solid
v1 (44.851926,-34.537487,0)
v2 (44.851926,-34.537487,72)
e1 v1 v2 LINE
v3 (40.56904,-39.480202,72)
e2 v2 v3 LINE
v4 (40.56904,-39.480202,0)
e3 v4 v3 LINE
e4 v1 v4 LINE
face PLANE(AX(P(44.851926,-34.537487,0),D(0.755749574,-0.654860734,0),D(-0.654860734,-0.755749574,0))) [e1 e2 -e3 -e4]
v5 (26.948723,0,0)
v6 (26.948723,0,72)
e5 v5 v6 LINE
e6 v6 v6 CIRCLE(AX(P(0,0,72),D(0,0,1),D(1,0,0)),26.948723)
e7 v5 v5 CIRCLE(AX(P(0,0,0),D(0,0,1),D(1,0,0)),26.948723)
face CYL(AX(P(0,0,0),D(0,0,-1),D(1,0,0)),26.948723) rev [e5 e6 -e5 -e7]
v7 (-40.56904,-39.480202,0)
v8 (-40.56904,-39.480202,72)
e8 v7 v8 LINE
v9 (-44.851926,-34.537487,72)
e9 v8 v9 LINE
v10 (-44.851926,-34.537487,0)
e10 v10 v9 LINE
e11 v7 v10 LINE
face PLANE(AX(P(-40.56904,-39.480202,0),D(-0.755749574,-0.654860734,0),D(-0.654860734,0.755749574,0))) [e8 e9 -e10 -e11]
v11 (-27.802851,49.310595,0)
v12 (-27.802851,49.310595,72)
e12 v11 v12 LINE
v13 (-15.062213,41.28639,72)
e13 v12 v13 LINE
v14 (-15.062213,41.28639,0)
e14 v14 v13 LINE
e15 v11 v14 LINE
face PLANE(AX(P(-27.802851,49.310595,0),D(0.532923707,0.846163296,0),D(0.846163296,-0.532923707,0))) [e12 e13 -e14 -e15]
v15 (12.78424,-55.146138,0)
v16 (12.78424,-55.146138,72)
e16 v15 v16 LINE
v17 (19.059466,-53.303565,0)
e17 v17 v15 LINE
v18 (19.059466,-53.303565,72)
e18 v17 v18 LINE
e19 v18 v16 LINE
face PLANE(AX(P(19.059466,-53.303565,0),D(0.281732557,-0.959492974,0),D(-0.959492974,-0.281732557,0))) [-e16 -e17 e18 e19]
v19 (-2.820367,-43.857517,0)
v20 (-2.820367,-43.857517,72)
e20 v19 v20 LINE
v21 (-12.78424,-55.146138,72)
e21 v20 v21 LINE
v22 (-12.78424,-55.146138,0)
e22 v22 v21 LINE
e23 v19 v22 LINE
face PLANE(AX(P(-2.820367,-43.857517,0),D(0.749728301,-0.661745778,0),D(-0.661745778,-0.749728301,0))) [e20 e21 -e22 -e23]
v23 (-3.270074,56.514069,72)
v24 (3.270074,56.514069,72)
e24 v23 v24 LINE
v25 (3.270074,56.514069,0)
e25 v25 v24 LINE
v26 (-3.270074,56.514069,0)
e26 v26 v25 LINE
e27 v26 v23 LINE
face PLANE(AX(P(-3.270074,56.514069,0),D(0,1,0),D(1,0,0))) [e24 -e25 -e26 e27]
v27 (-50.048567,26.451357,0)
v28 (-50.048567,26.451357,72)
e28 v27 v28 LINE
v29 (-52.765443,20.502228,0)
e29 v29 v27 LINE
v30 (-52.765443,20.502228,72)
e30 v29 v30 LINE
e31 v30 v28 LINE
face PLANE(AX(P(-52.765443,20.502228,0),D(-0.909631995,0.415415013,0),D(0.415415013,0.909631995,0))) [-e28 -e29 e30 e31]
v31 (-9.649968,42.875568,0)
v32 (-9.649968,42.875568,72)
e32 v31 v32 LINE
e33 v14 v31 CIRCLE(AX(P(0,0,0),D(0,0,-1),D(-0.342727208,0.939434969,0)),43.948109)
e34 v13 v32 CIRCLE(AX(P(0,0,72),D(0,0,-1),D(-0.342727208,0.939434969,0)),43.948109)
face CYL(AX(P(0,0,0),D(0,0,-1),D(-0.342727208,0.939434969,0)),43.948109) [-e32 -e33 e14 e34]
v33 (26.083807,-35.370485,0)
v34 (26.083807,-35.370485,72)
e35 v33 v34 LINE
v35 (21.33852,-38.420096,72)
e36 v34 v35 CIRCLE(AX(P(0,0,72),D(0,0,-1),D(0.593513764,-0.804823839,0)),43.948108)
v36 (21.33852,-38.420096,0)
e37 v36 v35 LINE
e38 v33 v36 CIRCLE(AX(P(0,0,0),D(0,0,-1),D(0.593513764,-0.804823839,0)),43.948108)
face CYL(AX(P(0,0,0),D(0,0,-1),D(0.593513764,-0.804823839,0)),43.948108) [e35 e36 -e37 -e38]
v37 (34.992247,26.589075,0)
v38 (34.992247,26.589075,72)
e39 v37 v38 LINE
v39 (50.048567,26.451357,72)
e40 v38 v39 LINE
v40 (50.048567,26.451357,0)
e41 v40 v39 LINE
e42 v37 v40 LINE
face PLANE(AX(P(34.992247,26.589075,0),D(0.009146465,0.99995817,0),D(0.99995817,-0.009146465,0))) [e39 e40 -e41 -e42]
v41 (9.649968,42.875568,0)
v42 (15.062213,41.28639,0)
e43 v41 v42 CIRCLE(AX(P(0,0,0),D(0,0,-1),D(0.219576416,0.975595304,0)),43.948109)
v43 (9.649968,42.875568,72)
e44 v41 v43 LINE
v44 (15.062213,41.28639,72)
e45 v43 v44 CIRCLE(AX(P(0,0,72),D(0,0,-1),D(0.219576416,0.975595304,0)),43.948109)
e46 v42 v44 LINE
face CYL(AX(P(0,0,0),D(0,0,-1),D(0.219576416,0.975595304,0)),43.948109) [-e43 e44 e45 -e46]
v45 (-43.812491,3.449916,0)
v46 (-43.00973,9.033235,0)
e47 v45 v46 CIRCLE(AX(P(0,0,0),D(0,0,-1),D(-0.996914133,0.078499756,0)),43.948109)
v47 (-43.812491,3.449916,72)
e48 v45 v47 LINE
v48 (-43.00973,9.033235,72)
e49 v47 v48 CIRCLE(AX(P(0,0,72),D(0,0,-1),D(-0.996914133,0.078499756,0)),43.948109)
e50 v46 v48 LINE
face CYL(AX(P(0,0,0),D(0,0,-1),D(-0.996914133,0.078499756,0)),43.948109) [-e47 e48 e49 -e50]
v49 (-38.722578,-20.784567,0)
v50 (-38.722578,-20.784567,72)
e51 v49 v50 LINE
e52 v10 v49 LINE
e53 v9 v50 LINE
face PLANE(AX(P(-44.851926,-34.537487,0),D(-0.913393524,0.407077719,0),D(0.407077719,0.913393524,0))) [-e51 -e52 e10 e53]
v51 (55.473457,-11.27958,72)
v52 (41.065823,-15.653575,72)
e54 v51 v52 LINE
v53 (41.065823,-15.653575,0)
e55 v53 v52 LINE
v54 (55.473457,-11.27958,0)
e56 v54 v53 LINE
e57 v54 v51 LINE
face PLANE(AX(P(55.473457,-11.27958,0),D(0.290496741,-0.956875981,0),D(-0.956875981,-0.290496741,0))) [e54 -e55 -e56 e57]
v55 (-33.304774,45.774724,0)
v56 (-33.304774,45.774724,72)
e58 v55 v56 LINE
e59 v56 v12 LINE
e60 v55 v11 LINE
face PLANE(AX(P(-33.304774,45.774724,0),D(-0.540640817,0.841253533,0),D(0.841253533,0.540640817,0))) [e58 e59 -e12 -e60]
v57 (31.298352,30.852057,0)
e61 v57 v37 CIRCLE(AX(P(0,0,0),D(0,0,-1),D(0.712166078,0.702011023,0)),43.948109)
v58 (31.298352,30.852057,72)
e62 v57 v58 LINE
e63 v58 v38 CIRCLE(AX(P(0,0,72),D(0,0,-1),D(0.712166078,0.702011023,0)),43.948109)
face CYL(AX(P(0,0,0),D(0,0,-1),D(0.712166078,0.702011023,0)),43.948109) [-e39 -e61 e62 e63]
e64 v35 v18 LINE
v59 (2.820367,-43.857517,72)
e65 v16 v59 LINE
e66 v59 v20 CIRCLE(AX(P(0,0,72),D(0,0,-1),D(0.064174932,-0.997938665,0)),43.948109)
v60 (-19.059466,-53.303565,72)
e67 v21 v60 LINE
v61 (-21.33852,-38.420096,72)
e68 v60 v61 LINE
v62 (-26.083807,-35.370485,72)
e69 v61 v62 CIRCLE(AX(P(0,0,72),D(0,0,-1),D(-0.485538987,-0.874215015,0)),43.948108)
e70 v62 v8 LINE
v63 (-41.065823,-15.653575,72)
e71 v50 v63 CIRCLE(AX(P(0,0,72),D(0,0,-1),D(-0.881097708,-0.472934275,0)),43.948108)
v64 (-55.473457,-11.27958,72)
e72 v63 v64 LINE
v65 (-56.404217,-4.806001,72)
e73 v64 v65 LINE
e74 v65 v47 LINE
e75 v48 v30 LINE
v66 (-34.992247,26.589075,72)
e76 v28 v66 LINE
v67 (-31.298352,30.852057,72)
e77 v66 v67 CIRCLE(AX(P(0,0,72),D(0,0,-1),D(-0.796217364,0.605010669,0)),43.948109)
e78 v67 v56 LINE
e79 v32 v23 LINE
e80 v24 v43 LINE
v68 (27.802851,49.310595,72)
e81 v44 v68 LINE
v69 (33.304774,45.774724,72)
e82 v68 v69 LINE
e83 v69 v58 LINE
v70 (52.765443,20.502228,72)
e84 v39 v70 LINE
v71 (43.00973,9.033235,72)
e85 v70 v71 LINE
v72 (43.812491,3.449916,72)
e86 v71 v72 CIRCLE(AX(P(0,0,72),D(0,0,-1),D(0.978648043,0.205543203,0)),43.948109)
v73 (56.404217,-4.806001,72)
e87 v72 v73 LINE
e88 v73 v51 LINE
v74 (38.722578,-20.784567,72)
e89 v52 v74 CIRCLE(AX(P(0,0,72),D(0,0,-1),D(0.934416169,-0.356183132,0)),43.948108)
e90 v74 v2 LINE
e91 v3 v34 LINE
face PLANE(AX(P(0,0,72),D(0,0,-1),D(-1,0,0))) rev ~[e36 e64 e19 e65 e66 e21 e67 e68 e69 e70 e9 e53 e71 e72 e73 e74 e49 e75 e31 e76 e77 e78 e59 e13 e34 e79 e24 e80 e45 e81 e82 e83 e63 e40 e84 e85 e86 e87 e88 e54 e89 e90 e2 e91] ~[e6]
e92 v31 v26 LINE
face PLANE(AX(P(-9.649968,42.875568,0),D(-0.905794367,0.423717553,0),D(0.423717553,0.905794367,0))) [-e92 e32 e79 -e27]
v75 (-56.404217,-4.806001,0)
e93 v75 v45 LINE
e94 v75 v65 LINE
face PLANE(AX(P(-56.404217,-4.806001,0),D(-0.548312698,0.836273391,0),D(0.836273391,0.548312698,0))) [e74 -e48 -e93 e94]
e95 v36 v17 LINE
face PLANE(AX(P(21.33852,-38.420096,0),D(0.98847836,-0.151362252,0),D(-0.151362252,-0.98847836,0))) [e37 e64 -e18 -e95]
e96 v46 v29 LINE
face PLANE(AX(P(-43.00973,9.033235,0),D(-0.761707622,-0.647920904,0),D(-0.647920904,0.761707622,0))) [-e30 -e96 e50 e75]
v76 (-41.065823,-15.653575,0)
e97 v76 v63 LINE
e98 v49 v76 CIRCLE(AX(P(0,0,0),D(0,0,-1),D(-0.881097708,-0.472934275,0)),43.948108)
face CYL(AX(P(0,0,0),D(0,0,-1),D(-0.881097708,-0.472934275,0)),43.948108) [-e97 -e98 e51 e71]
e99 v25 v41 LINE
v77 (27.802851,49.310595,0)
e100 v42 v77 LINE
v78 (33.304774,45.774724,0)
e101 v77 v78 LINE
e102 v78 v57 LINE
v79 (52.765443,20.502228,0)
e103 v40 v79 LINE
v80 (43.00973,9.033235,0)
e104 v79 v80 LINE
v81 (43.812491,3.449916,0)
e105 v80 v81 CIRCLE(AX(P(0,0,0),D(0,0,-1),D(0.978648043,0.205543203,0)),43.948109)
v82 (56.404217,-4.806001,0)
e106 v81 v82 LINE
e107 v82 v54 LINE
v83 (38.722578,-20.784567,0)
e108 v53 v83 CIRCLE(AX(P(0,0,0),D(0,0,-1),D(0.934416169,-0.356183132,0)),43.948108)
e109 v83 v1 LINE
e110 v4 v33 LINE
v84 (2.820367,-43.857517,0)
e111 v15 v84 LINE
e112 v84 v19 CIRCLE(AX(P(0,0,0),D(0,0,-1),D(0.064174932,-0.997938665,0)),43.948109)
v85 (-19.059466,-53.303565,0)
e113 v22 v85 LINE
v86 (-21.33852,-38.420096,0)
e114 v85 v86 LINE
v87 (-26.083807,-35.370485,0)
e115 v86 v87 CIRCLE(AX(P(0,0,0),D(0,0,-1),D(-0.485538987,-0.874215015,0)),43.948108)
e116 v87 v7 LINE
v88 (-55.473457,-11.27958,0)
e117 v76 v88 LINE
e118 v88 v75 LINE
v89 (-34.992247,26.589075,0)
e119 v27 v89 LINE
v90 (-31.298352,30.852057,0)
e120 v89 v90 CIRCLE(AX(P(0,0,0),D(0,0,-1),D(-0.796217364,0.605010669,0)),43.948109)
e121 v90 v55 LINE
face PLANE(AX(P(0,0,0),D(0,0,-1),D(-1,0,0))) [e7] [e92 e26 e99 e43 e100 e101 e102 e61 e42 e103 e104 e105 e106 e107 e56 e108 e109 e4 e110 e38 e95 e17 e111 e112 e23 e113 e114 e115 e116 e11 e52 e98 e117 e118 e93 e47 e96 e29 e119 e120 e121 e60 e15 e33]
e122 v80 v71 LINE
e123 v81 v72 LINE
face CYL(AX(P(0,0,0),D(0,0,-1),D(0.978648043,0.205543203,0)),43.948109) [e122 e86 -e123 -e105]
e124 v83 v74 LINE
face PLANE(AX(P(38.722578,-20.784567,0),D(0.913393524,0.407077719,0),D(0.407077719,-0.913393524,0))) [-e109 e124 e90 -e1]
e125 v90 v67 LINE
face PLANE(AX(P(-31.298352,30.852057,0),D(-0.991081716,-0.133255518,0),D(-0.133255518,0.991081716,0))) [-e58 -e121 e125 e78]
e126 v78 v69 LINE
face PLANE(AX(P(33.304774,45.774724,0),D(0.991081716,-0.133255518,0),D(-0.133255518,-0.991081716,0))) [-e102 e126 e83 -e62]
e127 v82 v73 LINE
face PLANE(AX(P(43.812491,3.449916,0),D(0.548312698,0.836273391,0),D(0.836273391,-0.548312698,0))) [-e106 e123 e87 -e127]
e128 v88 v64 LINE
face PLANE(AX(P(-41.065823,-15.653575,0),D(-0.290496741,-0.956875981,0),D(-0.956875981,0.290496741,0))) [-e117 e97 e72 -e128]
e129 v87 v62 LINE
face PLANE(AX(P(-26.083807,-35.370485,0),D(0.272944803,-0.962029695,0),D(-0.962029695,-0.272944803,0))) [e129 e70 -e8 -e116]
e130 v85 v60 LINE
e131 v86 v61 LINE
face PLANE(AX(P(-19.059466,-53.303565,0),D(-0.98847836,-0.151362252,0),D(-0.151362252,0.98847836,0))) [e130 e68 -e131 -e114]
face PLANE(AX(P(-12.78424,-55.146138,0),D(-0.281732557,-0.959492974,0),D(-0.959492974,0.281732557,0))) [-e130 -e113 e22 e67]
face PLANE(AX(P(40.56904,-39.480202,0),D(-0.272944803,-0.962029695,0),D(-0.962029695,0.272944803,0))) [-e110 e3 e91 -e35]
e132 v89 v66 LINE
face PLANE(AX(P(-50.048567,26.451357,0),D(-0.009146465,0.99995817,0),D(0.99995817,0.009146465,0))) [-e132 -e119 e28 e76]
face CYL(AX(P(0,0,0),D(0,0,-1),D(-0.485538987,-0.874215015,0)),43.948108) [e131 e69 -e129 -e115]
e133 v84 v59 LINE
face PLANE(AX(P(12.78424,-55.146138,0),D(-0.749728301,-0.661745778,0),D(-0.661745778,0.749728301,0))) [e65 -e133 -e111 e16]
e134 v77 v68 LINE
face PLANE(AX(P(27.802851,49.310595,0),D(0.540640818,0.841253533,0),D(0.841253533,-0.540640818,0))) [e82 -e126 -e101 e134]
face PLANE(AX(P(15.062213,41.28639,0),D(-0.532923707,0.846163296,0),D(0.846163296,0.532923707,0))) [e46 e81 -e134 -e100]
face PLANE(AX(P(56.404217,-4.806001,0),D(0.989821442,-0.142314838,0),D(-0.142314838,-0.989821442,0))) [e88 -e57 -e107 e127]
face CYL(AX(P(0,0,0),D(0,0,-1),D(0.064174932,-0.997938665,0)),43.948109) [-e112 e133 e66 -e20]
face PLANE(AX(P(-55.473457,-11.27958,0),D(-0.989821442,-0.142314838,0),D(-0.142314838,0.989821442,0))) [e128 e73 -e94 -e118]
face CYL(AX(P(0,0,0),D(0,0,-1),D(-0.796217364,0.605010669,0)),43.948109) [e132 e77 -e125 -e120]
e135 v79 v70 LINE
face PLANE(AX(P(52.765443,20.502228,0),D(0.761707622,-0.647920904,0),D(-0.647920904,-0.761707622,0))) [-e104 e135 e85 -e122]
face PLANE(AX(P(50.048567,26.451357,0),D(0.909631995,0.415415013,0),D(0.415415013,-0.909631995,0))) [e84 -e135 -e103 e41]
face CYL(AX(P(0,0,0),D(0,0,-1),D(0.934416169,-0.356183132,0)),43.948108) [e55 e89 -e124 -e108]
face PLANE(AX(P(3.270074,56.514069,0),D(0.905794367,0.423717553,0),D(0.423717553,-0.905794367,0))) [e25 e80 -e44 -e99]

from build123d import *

# Parameters (mm, degrees)
SKETCH1_R           = 26.948722821
BOSS_EXTRUDE2_DEPTH = 72


with BuildPart() as part:
    # Sketch1 → Boss-Extrude2 (new body)
    with BuildSketch(Plane.XY):
        with BuildLine():
            Line((-9.649968123, 42.875568313), (-3.270074231, 56.514068549))
            Line((-3.270074231, 56.514068549), (3.270074231, 56.514068549))
            Line((3.270074231, 56.514068549), (9.649968123, 42.875568313))
            ThreePointArc((9.649968123, 42.875568313), (12.381612983, 42.167901333), (15.062212526, 41.28638997))
            Line((15.062212526, 41.28638997), (27.802850719, 49.310595427))
            Line((27.802850719, 49.310595427), (33.304773717, 45.774724216))
            Line((33.304773717, 45.774724216), (31.298352077, 30.852056661))
            ThreePointArc((31.298352077, 30.852056661), (33.213764311, 28.779890604), (34.992247123, 26.589074527))
            Line((34.992247123, 26.589074527), (50.048567011, 26.451356669))
            Line((50.048567011, 26.451356669), (52.765442869, 20.502228373))
            Line((52.765442869, 20.502228373), (43.00973039, 9.033235009))
            ThreePointArc((43.00973039, 9.033235009), (43.500780148, 6.254467957), (43.812490502, 3.449915791))
            Line((43.812490502, 3.449915791), (56.404216903, -4.806000935))
            Line((56.404216903, -4.806000935), (55.473456732, -11.279580116))
            Line((55.473456732, -11.279580116), (41.065823196, -15.653574932))
            ThreePointArc((41.065823196, -15.653574932), (39.97660565, -18.256704074), (38.72257771, -20.784566832))
            Line((38.72257771, -20.784566832), (44.851926462, -34.5374872))
            Line((44.851926462, -34.5374872), (40.56904004, -39.480201616))
            Line((40.56904004, -39.480201616), (26.083807295, -35.370485435))
            ThreePointArc((26.083807295, -35.370485435), (23.760141319, -36.971501558), (21.338520096, -38.420096343))
            Line((21.338520096, -38.420096343), (19.059466278, -53.303565309))
            Line((19.059466278, -53.303565309), (12.784239782, -55.146138057))
            Line((12.784239782, -55.146138057), (2.820366877, -43.857516729))
            ThreePointArc((2.820366877, -43.857516729), (0, -43.948108525), (-2.820366877, -43.857516729))
            Line((-2.820366877, -43.857516729), (-12.784239782, -55.146138057))
            Line((-12.784239782, -55.146138057), (-19.059466278, -53.303565309))
            Line((-19.059466278, -53.303565309), (-21.338520096, -38.420096343))
            ThreePointArc((-21.338520096, -38.420096343), (-23.760141319, -36.971501558), (-26.083807295, -35.370485435))
            Line((-26.083807295, -35.370485435), (-40.56904004, -39.480201616))
            Line((-40.56904004, -39.480201616), (-44.851926462, -34.5374872))
            Line((-44.851926462, -34.5374872), (-38.72257771, -20.784566832))
            ThreePointArc((-38.72257771, -20.784566832), (-39.97660565, -18.256704074), (-41.065823196, -15.653574932))
            Line((-41.065823196, -15.653574932), (-55.473456732, -11.279580116))
            Line((-55.473456732, -11.279580116), (-56.404216903, -4.806000935))
            Line((-56.404216903, -4.806000935), (-43.812490502, 3.449915791))
            ThreePointArc((-43.812490502, 3.449915791), (-43.500780148, 6.254467957), (-43.00973039, 9.033235009))
            Line((-43.00973039, 9.033235009), (-52.765442869, 20.502228373))
            Line((-52.765442869, 20.502228373), (-50.048567011, 26.451356669))
            Line((-50.048567011, 26.451356669), (-34.992247123, 26.589074527))
            ThreePointArc((-34.992247123, 26.589074527), (-33.213764311, 28.779890604), (-31.298352077, 30.852056661))
            Line((-31.298352077, 30.852056661), (-33.304773718, 45.774724216))
            Line((-33.304773718, 45.774724216), (-27.802850719, 49.310595427))
            Line((-27.802850719, 49.310595427), (-15.062212526, 41.28638997))
            ThreePointArc((-15.062212526, 41.28638997), (-12.381612983, 42.167901333), (-9.649968123, 42.875568313))
        make_face()
        Circle(SKETCH1_R, mode=Mode.SUBTRACT)
    extrude(amount=BOSS_EXTRUDE2_DEPTH)


solid = part.part
